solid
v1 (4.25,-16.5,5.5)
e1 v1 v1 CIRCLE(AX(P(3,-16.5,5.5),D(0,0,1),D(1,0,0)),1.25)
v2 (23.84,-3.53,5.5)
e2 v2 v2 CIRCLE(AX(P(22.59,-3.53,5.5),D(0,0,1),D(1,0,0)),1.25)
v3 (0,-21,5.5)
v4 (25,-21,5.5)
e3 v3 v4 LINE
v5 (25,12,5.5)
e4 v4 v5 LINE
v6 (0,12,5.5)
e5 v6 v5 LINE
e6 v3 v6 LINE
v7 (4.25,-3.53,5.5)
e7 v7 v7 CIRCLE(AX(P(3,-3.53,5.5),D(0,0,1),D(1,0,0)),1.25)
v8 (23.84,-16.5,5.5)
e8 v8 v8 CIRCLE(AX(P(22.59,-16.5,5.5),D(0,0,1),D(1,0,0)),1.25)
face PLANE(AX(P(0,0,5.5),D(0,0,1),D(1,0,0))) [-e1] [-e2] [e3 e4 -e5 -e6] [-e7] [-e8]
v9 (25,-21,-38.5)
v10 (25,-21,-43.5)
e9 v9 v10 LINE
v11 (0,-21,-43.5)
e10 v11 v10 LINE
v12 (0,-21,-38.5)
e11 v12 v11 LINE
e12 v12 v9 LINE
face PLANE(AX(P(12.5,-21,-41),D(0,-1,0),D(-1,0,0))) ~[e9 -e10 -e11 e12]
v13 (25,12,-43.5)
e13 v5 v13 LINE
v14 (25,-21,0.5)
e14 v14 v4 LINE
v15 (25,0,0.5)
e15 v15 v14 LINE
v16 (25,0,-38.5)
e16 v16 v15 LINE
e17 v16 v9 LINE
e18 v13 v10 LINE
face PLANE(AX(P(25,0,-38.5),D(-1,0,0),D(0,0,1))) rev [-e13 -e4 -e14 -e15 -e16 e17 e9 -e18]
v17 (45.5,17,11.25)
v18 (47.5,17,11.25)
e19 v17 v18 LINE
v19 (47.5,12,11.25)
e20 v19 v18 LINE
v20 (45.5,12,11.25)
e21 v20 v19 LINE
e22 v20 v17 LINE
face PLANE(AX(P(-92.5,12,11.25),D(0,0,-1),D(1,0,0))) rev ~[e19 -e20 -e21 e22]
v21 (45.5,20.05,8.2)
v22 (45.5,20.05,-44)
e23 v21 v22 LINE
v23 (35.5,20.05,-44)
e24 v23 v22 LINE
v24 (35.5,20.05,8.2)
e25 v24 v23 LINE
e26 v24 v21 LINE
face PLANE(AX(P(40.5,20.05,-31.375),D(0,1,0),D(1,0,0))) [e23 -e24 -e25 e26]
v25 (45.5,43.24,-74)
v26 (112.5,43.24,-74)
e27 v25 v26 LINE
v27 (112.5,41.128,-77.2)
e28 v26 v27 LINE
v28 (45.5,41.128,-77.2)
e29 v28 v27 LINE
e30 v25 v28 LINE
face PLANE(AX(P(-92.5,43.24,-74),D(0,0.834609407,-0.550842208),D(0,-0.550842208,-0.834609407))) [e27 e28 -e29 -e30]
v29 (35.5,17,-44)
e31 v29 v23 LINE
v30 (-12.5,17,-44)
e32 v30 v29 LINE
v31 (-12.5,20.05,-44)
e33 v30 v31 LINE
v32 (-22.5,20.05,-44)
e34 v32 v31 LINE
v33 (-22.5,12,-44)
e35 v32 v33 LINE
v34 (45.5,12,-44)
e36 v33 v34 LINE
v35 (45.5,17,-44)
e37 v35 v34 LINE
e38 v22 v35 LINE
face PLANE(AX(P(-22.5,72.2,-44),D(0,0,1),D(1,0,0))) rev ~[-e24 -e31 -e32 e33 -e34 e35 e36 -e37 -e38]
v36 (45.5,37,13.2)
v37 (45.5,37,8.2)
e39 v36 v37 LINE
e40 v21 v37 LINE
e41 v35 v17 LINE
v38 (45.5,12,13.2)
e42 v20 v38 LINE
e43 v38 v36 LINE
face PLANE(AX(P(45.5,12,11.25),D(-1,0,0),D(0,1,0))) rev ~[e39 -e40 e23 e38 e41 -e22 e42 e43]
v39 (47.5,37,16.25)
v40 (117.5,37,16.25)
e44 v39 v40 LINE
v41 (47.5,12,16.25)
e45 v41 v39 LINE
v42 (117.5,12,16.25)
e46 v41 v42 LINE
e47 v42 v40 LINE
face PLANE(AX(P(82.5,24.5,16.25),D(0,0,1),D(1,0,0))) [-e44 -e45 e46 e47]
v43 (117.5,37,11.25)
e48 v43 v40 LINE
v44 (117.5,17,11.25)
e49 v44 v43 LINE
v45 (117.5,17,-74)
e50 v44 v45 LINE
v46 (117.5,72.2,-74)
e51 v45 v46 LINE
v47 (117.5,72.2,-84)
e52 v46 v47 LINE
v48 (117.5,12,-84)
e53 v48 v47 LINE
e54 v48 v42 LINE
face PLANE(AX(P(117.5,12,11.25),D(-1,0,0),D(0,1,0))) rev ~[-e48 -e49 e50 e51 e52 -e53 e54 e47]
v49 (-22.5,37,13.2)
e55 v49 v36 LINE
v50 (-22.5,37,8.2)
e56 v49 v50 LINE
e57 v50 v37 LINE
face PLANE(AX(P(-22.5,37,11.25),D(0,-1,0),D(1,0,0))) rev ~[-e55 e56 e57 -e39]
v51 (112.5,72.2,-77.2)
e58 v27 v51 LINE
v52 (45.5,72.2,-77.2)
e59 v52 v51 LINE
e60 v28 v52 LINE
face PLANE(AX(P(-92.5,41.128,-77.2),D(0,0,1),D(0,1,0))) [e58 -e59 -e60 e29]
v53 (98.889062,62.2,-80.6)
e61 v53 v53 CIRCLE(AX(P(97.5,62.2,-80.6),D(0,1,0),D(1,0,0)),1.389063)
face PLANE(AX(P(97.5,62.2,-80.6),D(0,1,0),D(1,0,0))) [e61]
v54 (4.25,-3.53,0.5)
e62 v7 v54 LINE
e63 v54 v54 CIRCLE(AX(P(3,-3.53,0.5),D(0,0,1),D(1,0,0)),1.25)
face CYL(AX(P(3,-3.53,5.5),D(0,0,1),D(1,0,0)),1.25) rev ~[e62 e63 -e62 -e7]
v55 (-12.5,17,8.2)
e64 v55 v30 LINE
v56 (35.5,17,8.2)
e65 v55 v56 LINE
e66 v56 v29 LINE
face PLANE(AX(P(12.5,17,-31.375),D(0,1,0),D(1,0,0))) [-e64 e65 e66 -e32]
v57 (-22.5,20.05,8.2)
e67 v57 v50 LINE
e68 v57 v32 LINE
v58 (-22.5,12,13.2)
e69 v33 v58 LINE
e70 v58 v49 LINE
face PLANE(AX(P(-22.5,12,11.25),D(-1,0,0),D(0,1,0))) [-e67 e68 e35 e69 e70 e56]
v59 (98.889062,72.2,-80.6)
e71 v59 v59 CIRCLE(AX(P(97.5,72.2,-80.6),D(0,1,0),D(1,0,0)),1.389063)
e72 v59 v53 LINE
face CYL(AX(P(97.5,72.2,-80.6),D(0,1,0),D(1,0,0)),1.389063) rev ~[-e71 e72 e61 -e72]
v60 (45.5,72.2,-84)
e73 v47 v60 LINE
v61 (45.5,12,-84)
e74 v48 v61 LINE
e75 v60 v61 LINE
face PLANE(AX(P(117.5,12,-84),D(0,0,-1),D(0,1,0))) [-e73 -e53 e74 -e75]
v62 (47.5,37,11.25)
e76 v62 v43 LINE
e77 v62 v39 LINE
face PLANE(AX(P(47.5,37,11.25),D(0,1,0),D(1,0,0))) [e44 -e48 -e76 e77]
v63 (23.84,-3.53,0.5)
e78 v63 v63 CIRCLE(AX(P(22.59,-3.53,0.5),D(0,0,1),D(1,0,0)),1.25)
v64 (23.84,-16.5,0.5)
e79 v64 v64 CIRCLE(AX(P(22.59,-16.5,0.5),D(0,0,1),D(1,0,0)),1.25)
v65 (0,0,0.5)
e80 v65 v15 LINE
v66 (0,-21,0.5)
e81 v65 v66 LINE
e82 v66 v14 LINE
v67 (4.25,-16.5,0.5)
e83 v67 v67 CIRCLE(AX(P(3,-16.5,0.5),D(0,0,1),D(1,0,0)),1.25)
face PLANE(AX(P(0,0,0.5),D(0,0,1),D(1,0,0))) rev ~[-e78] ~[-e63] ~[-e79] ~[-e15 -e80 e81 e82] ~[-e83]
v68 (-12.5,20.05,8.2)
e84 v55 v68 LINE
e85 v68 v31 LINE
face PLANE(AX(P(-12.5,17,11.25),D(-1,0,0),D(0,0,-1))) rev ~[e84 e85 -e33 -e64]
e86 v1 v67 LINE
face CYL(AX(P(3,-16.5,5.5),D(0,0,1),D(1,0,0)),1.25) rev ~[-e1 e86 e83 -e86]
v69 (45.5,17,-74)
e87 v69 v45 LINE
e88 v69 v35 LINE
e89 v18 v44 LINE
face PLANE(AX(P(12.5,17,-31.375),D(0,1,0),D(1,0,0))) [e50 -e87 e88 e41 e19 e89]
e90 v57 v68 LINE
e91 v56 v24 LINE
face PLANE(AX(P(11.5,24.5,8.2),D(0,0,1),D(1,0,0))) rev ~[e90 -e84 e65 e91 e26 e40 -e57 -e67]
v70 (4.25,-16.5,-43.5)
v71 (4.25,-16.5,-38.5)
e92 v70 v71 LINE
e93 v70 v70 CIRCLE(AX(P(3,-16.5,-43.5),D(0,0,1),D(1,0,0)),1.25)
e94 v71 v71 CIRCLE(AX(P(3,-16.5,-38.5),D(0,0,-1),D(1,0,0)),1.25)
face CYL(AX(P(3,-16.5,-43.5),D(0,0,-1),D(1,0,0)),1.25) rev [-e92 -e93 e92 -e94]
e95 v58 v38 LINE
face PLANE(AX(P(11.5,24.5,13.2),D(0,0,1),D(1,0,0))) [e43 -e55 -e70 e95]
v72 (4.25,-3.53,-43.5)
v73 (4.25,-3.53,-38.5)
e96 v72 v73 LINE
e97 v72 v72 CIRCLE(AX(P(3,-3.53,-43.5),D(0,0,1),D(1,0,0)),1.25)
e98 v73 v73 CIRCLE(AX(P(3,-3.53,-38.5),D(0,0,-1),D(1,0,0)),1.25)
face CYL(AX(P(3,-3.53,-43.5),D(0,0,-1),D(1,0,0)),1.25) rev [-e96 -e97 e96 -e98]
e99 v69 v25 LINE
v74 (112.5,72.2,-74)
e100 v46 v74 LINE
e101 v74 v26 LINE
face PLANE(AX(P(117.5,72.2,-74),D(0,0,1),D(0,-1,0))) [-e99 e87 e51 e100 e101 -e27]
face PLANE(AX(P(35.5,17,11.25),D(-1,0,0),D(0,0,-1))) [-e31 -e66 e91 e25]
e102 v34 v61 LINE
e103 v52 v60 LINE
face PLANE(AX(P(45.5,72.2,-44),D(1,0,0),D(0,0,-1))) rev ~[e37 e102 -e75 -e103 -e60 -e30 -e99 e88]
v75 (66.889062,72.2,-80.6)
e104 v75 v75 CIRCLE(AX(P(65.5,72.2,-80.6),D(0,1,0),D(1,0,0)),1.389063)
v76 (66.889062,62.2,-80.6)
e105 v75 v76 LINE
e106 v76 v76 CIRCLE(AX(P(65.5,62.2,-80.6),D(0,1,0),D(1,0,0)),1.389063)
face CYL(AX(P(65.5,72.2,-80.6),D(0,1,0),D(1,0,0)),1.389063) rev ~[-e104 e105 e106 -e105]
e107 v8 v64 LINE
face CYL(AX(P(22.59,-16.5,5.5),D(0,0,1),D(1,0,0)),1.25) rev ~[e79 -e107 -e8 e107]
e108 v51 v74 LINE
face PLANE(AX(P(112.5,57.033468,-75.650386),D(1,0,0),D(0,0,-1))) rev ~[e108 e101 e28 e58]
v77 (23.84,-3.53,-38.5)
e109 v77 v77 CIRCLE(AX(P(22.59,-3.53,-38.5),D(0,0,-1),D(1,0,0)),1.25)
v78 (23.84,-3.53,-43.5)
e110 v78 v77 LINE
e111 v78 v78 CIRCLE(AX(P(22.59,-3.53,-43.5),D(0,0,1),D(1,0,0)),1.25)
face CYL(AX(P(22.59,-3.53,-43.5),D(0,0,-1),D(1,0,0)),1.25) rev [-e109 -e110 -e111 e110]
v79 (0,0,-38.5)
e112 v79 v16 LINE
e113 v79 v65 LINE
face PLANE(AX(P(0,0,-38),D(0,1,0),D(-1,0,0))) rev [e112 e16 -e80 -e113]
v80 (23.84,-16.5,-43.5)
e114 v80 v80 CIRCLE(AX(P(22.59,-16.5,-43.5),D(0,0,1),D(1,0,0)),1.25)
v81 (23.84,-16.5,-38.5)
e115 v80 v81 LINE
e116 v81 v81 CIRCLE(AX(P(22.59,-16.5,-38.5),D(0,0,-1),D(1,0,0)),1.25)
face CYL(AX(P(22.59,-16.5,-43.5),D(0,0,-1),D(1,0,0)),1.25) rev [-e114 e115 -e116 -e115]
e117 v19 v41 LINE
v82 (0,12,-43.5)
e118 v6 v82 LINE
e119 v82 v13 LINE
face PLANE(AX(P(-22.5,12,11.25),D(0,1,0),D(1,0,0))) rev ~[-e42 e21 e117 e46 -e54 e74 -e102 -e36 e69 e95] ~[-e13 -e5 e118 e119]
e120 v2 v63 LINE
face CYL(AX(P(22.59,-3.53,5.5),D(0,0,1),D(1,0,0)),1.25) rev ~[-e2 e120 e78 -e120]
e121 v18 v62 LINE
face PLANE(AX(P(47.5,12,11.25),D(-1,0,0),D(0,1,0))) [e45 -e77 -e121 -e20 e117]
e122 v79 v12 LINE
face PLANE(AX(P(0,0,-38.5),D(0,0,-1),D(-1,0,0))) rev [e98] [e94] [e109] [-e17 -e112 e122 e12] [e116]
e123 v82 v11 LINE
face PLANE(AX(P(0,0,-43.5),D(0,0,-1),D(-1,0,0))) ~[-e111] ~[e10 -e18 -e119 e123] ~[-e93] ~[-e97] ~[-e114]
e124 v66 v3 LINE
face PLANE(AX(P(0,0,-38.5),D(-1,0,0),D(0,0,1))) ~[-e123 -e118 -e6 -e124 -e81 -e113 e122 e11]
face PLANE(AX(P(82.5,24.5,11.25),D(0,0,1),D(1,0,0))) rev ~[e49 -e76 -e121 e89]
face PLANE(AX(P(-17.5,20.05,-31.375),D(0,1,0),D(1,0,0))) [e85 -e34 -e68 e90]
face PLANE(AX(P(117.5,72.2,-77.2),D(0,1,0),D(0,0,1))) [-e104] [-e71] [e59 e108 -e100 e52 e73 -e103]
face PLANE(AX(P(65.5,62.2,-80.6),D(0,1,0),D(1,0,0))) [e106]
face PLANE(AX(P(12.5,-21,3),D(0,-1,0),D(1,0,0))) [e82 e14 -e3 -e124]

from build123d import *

# Parameters (mm, degrees)
SKETCH1_W                 = 25
SKETCH1_H                 = 38
BOSS_EXTRUDE1_DEPTH       = 12
SKETCH3_W                 = 25
SKETCH3_H                 = 12
BOSS_EXTRUDE2_DEPTH       = 5.5
SKETCH5_W                 = 25
SKETCH5_H                 = 5
BOSS_EXTRUDE3_DEPTH       = 21
SKETCH6_R                 = 1.25
CUT_EXTRUDE1_DEPTH        = 10
SKETCH7_W                 = 210
SKETCH7_H                 = 85.25
BOSS_EXTRUDE4_DEPTH       = 5
SKETCH8_W                 = 10
SKETCH8_H                 = 60.2
BOSS_EXTRUDE5_DEPTH       = 210
CUT_EXTRUDE3_DEPTH        = 211
BOSS_EXTRUDE6_DEPTH       = 5
SKETCH11_W                = 10
SKETCH11_H                = 85.25
BOSS_EXTRUDE7_DEPTH       = 3.05
SKETCH12_W                = 10
SKETCH12_H                = 50
BOSS_EXTRUDE8_DEPTH       = 10.45
SKETCH13_W                = 70
SKETCH13_H                = 25
BOSS_EXTRUDE9_DEPTH       = 5
SKETCH14_W                = 68
SKETCH14_H                = 25
BOSS_EXTRUDE10_DEPTH      = 1.95
BOSS_EXTRUDE10_DEPTH_BACK = 3.05
SKETCH18_W                = 95.25
SKETCH18_H                = 60.2
CUT_EXTRUDE5_DEPTH        = 70
SKETCH19_W                = 68
SKETCH19_H                = 40
CUT_EXTRUDE6_DEPTH        = 94.2
SKETCH20_R                = 1.3890625
CUT_EXTRUDE7_DEPTH        = 10


with BuildPart() as part:
    # Sketch1 → Boss-Extrude1 (new body)
    with BuildSketch(Plane(origin=(0, 0, 0), x_dir=(1, 0, 0), z_dir=(0, 1, 0))):
        with Locations((12.5, 19)):
            Rectangle(SKETCH1_W, SKETCH1_H)
    extrude(amount=BOSS_EXTRUDE1_DEPTH)

    # Sketch3 → Boss-Extrude2 (add)
    with BuildSketch(Plane.XY):
        with Locations((12.5, 6)):
            Rectangle(SKETCH3_W, SKETCH3_H)
    boss_extrude2 = extrude(amount=BOSS_EXTRUDE2_DEPTH)

    # Sketch5 → Boss-Extrude3 (add)
    with BuildSketch(Plane.XZ):
        with Locations((12.5, 3)):
            Rectangle(SKETCH5_W, SKETCH5_H)
    boss_extrude3 = extrude(amount=BOSS_EXTRUDE3_DEPTH)

    # Sketch6 → Cut-Extrude1 (cut)
    with BuildSketch(Plane.XY.offset(5.5)):
        with Locations((3, -16.5)):
            Circle(SKETCH6_R)
        with Locations((22.59, -16.5)):
            Circle(SKETCH6_R)
        with Locations((22.59, -3.53)):
            Circle(SKETCH6_R)
        with Locations((3, -3.53)):
            Circle(SKETCH6_R)
    cut_extrude1 = extrude(amount=-CUT_EXTRUDE1_DEPTH, mode=Mode.SUBTRACT)

    # Mirror1: Boss-Extrude2, Boss-Extrude3, Cut-Extrude1 across plane
    add(boss_extrude2.mirror(Plane.XY.offset(-19)))
    add(boss_extrude3.mirror(Plane.XY.offset(-19)))
    add(cut_extrude1.mirror(Plane.XY.offset(-19)), mode=Mode.SUBTRACT)

    # Sketch7 → Boss-Extrude4 (add)
    with BuildSketch(Plane(origin=(0, 12, 0), x_dir=(1, 0, 0), z_dir=(0, 1, 0))):
        with Locations((12.5, 31.375)):
            Rectangle(SKETCH7_W, SKETCH7_H)
    extrude(amount=BOSS_EXTRUDE4_DEPTH)

    # Sketch8 → Boss-Extrude5 (add, through all)
    with BuildSketch(Plane(origin=(117.5, 0, 0), x_dir=(0, 0, -1), z_dir=(1, 0, 0))):
        with Locations((79, 42.1)):
            Rectangle(SKETCH8_W, SKETCH8_H)
    extrude(amount=-BOSS_EXTRUDE5_DEPTH)

    # Sketch9 → Cut-Extrude3 (cut, through all)
    with BuildSketch(Plane.ZY.offset(92.5)):
        Polygon((-74, 43.24), (-77.2, 41.128), (-77.2, 72.2), (-74, 72.2), align=None)
    extrude(amount=-CUT_EXTRUDE3_DEPTH, mode=Mode.SUBTRACT)

    # Sketch10 → Boss-Extrude6 (add)
    with BuildSketch(Plane(origin=(117.5, 0, 0), x_dir=(0, 0, -1), z_dir=(1, 0, 0))):
        Polygon((77.2, 72.2), (74, 72.2), (74, 43.24), (77.2, 41.128), align=None)
    extrude(amount=-BOSS_EXTRUDE6_DEPTH)

    # Sketch11 → Boss-Extrude7 (add)
    with BuildSketch(Plane(origin=(0, 17, 0), x_dir=(1, 0, 0), z_dir=(0, 1, 0))):
        with Locations((40.5, 31.375)):
            Rectangle(SKETCH11_W, SKETCH11_H)
        with Locations((-17.5, 31.375)):
            Rectangle(SKETCH11_W, SKETCH11_H)
    extrude(amount=BOSS_EXTRUDE7_DEPTH)

    # Sketch12 → Boss-Extrude8 (add)
    with BuildSketch(Plane(origin=(0, 17, 0), x_dir=(1, 0, 0), z_dir=(0, 1, 0))):
        with Locations((-87.5, 31.375)):
            Rectangle(SKETCH12_W, SKETCH12_H)
        with Locations((-37.5, 31.375)):
            Rectangle(SKETCH12_W, SKETCH12_H)
    extrude(amount=BOSS_EXTRUDE8_DEPTH)

    # Sketch13 → Boss-Extrude9 (add)
    with BuildSketch(Plane.XY.offset(11.25)):
        with Locations((82.5, 24.5)):
            Rectangle(SKETCH13_W, SKETCH13_H)
    extrude(amount=BOSS_EXTRUDE9_DEPTH)

    # Sketch14 → Boss-Extrude10 (add, two sides)
    with BuildSketch(Plane.XY.offset(11.25)) as boss_extrude10_sk:
        with Locations((11.5, 24.5)):
            Rectangle(SKETCH14_W, SKETCH14_H)
    extrude(amount=BOSS_EXTRUDE10_DEPTH)
    extrude(boss_extrude10_sk.sketch, amount=-BOSS_EXTRUDE10_DEPTH_BACK)

    # Sketch18 → Cut-Extrude5 (cut)
    with BuildSketch(Plane.ZY.offset(92.5)):
        with Locations((-36.375, 42.1)):
            Rectangle(SKETCH18_W, SKETCH18_H)
    extrude(amount=-CUT_EXTRUDE5_DEPTH, mode=Mode.SUBTRACT)

    # Sketch19 → Cut-Extrude6 (cut, through all)
    with BuildSketch(Plane(origin=(0, 72.2, 0), x_dir=(1, 0, 0), z_dir=(0, 1, 0))):
        with Locations((11.5, 64)):
            Rectangle(SKETCH19_W, SKETCH19_H)
    extrude(amount=-CUT_EXTRUDE6_DEPTH, mode=Mode.SUBTRACT)

    # Sketch20 → Cut-Extrude7 (cut)
    with BuildSketch(Plane(origin=(0, 72.2, 0), x_dir=(1, 0, 0), z_dir=(0, 1, 0))):
        with Locations((65.5, 80.6)):
            Circle(SKETCH20_R)
        with Locations((97.5, 80.6)):
            Circle(SKETCH20_R)
    extrude(amount=-CUT_EXTRUDE7_DEPTH, mode=Mode.SUBTRACT)


solid = part.part
